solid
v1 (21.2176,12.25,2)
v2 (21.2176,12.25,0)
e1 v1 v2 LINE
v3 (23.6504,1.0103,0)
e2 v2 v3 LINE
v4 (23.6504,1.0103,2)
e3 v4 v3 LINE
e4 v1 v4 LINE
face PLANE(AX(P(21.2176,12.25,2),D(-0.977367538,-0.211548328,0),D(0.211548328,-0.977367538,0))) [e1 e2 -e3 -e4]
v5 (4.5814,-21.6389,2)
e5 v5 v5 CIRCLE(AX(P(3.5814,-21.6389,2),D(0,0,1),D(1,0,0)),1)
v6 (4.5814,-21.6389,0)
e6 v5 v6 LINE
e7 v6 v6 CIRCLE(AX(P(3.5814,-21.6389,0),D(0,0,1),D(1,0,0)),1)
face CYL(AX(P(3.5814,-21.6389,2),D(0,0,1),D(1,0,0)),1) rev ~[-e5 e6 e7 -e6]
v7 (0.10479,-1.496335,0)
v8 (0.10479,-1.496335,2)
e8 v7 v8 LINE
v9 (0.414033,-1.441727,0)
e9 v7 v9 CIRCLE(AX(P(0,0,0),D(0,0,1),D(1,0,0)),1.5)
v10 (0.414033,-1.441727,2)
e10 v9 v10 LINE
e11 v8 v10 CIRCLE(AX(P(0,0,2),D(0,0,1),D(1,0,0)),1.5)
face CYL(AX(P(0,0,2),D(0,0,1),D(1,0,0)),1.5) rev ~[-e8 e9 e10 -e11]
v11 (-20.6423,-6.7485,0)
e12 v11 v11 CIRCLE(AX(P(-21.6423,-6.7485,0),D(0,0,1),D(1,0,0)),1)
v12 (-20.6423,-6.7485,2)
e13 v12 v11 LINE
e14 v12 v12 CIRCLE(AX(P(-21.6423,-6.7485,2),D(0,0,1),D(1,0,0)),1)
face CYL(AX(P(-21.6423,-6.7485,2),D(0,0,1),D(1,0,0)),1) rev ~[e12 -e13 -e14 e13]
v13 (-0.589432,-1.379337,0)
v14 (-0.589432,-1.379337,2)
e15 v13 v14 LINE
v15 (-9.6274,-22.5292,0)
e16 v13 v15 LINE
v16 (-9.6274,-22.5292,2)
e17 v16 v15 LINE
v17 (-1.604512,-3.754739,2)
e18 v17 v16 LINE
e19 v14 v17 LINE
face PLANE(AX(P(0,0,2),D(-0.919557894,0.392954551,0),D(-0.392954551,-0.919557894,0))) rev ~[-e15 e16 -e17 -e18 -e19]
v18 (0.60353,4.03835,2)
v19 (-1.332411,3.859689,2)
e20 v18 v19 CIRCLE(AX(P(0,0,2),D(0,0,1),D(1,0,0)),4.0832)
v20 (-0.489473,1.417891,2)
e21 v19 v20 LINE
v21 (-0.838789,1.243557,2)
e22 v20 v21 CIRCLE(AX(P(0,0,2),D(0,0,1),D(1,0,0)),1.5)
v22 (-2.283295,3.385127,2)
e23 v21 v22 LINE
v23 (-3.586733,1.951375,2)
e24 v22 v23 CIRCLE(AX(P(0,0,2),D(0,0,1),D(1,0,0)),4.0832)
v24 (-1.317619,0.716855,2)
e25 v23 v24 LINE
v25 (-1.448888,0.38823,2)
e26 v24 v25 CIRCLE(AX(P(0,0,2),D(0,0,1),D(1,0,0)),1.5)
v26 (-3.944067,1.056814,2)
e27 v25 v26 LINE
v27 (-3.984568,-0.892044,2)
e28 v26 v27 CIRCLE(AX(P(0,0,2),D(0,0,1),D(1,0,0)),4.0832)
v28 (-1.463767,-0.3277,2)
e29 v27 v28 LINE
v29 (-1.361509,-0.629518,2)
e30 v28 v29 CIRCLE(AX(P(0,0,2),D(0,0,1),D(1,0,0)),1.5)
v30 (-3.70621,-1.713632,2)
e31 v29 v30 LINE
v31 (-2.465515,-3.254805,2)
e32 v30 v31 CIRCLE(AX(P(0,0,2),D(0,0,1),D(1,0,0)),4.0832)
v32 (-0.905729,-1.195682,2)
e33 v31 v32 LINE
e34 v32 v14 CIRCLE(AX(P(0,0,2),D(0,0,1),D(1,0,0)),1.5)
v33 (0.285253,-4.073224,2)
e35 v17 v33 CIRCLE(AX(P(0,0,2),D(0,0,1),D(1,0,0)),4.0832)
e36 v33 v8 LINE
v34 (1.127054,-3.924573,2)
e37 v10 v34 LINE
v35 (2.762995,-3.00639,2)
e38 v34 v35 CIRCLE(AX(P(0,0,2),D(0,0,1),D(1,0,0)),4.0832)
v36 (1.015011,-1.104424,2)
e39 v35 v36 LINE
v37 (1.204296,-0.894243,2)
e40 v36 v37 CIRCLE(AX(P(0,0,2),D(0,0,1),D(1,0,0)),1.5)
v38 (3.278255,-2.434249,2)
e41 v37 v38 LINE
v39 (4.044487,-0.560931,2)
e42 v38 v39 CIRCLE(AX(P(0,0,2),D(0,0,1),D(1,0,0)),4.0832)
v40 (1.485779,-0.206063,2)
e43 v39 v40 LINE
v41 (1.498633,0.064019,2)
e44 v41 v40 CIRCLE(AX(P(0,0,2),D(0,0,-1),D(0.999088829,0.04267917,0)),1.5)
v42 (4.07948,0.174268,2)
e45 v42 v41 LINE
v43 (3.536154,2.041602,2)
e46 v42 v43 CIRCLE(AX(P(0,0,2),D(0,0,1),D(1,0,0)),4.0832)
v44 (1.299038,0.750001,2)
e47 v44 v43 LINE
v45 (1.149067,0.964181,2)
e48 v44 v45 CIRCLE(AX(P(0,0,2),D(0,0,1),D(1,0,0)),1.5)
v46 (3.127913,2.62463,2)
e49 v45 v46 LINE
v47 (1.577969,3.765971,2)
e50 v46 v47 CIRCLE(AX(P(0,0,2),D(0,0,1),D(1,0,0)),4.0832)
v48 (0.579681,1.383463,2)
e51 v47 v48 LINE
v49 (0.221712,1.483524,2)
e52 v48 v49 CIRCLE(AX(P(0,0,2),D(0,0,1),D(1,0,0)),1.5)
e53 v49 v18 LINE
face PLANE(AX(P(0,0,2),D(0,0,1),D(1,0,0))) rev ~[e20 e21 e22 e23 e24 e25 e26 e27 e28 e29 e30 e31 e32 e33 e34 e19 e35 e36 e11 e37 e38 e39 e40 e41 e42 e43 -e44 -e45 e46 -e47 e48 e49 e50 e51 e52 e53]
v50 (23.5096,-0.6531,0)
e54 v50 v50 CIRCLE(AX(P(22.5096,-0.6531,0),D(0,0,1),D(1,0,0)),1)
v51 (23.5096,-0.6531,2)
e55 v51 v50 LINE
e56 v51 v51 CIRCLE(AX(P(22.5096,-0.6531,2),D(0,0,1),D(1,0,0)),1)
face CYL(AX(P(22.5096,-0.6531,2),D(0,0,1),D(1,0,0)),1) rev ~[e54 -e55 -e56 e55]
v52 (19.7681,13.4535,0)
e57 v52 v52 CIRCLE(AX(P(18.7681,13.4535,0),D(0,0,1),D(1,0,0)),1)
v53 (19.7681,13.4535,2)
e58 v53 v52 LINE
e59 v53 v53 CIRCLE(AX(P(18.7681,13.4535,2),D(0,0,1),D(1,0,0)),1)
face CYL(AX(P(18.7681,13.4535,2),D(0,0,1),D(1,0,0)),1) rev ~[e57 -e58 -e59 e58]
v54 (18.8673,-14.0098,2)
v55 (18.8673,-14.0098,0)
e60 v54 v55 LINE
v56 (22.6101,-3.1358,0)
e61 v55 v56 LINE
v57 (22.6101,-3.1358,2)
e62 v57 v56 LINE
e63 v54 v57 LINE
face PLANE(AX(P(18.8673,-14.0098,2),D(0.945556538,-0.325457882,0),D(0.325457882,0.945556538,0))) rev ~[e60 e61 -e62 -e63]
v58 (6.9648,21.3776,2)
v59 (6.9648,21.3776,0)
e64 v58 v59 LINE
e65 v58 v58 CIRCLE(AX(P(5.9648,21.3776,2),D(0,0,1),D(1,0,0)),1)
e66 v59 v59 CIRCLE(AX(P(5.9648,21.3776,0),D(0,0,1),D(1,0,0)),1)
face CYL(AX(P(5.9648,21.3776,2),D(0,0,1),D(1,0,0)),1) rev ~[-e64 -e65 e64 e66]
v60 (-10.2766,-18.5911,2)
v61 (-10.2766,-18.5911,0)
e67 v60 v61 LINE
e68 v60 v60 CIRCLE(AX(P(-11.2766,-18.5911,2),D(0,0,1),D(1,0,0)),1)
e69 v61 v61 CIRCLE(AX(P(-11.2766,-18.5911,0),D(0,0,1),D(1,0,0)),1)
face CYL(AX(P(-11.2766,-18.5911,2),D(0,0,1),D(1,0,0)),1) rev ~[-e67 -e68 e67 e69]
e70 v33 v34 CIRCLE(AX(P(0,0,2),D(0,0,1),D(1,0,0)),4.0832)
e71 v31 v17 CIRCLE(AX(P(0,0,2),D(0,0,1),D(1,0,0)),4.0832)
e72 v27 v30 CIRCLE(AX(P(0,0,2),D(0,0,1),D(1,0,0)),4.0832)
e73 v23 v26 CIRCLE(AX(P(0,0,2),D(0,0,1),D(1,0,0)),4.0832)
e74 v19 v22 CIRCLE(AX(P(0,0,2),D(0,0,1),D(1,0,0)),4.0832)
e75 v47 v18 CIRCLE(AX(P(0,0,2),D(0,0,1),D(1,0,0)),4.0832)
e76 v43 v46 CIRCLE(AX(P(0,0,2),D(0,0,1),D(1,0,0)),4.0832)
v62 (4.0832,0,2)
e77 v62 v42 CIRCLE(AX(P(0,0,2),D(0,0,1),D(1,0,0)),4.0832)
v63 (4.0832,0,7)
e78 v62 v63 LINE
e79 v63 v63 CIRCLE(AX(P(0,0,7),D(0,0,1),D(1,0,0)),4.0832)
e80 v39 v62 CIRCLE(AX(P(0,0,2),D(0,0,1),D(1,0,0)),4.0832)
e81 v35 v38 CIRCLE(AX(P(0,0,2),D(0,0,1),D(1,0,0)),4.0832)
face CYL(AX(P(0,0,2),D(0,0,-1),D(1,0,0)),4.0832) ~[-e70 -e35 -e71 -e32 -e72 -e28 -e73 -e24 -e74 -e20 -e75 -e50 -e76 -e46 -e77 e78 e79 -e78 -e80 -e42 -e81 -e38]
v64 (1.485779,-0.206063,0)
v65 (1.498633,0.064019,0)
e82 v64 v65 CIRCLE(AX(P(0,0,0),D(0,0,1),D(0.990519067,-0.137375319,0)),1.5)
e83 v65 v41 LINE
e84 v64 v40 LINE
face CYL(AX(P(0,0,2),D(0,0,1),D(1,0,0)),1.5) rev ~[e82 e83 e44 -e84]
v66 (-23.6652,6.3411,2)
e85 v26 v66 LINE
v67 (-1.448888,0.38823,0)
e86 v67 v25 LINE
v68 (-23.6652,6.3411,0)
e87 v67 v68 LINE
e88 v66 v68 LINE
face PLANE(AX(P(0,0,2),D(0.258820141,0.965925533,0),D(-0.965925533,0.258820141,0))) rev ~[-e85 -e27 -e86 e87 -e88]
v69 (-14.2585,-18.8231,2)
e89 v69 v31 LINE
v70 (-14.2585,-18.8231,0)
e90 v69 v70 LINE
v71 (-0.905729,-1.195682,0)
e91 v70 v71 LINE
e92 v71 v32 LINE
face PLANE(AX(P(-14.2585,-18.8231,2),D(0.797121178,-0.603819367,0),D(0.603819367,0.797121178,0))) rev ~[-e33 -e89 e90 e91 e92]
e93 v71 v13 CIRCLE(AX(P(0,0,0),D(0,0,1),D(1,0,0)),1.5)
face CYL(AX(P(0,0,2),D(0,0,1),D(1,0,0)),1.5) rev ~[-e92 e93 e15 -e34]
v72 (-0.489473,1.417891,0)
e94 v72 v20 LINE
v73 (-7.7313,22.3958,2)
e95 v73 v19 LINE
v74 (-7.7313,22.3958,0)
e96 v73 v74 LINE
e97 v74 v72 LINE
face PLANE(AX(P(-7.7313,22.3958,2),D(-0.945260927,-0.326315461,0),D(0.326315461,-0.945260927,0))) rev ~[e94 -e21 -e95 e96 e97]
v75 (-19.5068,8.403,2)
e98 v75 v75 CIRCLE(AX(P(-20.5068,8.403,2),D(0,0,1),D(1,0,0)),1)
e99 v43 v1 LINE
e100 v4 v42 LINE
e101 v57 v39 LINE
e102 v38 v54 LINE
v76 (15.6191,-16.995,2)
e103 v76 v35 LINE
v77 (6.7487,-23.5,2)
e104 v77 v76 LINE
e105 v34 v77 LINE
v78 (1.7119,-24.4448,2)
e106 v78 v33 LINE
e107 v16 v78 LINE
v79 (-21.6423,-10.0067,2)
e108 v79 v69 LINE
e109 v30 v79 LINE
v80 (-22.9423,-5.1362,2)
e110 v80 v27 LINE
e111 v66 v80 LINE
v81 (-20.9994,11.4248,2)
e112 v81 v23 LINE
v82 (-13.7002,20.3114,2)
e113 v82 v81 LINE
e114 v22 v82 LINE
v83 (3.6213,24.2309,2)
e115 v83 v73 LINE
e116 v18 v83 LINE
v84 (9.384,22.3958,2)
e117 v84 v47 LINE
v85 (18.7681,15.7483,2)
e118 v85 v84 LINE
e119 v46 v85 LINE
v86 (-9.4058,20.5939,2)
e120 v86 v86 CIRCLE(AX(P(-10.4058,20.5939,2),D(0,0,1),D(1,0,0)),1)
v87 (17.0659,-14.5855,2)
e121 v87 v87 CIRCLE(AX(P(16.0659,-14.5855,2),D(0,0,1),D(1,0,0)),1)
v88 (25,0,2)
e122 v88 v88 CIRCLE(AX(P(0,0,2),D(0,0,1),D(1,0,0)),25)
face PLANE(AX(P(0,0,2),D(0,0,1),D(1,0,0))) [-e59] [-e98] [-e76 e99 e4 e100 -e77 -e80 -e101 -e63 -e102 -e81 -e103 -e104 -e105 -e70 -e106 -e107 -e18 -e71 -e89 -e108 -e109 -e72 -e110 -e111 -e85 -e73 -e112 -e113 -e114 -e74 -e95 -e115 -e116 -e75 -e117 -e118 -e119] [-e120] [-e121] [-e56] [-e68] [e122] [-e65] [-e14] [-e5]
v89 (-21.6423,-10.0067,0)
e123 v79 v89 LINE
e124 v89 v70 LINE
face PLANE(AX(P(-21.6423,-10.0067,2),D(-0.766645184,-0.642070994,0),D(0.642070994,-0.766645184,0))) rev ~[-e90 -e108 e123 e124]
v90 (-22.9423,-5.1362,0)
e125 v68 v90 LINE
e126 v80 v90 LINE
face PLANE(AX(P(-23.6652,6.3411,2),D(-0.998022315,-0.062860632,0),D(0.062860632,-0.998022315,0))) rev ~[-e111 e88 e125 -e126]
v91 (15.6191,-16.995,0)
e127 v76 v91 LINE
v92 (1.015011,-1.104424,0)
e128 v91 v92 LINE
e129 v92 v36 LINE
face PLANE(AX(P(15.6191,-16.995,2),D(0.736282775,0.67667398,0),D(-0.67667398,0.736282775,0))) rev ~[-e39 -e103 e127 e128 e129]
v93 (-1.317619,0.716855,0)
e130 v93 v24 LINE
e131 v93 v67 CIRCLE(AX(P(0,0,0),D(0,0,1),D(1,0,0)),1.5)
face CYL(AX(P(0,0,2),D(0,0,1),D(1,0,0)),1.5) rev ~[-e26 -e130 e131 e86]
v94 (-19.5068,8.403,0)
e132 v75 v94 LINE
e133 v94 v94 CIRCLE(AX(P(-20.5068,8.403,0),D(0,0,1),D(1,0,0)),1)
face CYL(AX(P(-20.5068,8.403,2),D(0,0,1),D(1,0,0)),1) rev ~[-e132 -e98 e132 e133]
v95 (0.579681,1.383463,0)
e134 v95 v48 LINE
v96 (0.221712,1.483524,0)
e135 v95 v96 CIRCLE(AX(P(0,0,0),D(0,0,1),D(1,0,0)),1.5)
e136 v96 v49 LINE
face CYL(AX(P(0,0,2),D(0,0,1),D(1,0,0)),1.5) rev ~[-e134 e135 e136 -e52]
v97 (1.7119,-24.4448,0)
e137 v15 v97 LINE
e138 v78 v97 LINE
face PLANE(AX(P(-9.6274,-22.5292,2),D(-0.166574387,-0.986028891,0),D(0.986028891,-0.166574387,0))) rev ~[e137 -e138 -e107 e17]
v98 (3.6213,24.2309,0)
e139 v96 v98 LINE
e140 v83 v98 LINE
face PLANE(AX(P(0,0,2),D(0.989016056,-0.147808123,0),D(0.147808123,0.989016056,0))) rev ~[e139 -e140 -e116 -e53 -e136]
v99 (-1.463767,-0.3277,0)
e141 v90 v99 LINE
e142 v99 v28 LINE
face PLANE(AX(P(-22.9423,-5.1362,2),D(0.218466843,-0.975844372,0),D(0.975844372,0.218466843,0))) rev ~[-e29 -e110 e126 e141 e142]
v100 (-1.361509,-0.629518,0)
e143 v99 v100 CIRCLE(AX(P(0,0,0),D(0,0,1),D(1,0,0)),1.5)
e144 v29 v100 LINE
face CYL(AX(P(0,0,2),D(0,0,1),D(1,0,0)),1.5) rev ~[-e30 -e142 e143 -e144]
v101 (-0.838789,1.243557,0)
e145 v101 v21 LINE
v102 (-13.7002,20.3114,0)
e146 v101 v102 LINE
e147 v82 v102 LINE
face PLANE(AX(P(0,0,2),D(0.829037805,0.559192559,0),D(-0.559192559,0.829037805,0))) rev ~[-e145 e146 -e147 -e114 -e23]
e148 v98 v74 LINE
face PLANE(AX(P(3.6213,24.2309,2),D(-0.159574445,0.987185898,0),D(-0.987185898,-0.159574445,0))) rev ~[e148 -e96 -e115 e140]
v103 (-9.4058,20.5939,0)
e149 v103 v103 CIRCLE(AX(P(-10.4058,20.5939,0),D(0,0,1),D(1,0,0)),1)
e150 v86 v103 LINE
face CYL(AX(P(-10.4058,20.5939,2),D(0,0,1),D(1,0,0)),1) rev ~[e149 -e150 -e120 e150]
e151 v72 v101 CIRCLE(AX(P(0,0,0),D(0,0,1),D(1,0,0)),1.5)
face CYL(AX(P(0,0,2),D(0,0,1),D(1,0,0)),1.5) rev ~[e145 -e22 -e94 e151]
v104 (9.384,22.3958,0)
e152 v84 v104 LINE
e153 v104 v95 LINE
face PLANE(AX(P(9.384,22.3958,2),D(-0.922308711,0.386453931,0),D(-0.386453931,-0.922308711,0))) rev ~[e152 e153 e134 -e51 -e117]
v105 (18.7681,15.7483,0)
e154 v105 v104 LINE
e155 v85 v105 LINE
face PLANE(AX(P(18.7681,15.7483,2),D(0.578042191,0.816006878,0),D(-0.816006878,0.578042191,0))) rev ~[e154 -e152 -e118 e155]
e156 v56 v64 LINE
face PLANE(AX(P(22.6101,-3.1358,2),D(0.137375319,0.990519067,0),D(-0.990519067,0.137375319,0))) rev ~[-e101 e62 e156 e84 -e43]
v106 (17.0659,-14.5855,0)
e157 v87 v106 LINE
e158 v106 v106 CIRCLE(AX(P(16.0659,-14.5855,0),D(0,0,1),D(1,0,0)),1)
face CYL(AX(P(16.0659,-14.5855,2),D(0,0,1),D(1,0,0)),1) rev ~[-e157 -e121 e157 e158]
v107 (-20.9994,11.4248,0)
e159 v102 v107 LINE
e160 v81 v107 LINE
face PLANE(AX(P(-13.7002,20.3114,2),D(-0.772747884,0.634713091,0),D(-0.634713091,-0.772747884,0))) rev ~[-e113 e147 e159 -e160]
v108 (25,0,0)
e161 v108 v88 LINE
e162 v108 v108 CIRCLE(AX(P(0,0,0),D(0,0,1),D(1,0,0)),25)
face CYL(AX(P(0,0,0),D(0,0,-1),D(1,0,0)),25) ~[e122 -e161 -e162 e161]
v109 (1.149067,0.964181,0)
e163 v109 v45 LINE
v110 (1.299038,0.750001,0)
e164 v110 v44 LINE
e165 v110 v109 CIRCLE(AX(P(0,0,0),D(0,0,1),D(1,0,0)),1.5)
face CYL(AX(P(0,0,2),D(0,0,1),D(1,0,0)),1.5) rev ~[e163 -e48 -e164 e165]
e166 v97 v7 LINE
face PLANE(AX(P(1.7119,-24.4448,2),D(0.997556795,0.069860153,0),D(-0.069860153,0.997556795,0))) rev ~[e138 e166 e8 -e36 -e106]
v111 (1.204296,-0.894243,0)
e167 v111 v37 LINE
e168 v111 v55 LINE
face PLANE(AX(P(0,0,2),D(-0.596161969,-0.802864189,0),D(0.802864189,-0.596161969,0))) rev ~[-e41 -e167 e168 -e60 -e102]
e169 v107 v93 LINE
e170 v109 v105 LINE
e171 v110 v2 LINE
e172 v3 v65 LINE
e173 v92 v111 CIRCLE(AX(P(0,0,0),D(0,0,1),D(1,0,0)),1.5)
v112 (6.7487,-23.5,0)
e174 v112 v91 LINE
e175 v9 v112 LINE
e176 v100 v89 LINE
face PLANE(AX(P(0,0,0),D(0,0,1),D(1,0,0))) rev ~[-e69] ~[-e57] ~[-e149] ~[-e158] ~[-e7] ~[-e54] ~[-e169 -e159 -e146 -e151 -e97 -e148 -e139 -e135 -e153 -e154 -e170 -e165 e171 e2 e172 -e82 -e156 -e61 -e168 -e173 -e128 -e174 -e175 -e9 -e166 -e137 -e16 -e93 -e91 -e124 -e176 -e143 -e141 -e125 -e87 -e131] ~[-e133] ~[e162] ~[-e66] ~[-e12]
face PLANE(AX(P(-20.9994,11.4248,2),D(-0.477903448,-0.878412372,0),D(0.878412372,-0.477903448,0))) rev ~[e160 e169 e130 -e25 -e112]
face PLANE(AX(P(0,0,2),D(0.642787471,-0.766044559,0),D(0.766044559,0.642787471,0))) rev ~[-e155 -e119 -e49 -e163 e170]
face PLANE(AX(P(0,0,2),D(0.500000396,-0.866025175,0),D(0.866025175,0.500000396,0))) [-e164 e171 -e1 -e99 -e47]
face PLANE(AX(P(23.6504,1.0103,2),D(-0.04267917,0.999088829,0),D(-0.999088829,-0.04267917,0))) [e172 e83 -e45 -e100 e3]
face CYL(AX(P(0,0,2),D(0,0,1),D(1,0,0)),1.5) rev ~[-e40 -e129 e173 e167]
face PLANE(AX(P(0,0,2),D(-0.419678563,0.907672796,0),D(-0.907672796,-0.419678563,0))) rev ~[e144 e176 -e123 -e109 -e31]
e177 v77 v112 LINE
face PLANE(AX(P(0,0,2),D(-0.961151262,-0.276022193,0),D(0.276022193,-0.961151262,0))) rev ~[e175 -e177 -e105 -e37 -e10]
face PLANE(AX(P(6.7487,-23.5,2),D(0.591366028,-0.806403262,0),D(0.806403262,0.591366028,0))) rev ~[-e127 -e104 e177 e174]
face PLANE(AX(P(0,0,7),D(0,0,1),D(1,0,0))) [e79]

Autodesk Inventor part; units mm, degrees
ref_plane "YZ Plane" through (0, 0, 0) normal (1, 0, 0) x (0, 1, 0)
ref_plane "XZ Plane" through (0, 0, 0) normal (0, 1, 0) x (-1, 0, 0)
ref_plane "XY Plane" through (0, 0, 0) normal (0, 0, 1) x (1, 0, 0)
sketch "Sketch1" plane through (0, 0, 0) normal (0, 0, 1) x (1, 0, 0)
  circle A0 centre (0, 0) radius 25
  dimension "d0" = 50
extrude "Extrusion1" add sketch "Sketch1" along normal blind 2
sketch "Sketch2" plane through (0, 0, 2) normal (0, 0, 1) x (1, 0, 0)
  line L0 (0, 0) -> (21.2176, 12.25)
  line L1 (0, 0) -> (24.5, 0) construction
  line L2 (21.2176, 12.25) -> (23.6504, 1.0103)
  circle A0 centre (0, 0) radius 25 projected
  line L3 (23.6504, 1.0103) -> (0, 0)
  dimension "d3" = 24.5
  dimension "d4" = 30
  dimension "d5" = 11.5
extrude "Extrusion2" cut sketch "Sketch2" against normal blind 2 contours L0 L2 L3
sketch "Sketch3" plane through (0, 0, 2) normal (0, 0, 1) x (1, 0, 0)
  point P0 (0, 0)
sketch "Sketch4" plane through (0, 0, 2) normal (0, 0, 1) x (1, 0, 0)
  line L0 (0, 0) -> (23.6504, 1.0103) projected
  line L1 (0, 0) -> (18.7681, 15.7483)
  line L2 (0, 0) -> (24.5, 0) construction
  line L3 (18.7681, 15.7483) -> (9.384, 22.3958)
  line L4 (9.384, 22.3958) -> (0, 0)
  dimension "d8" = 24.5
  dimension "d9" = 40
  dimension "d10" = 11.5
extrude "Extrusion3" cut sketch "Sketch4" against normal blind 2
sketch "Sketch5" plane through (0, 0, 2) normal (0, 0, 1) x (1, 0, 0)
  line L0 (23.6504, 1.0103) -> (0, 0) projected
  line L1 (0, 0) -> (3.6213, 24.2309)
  line L2 (0, 0) -> (24.5, 0) construction
  line L3 (3.6213, 24.2309) -> (-7.7313, 22.3958)
  line L4 (9.384, 22.3958) -> (0, 0) projected
  line L5 (-7.7313, 22.3958) -> (0, 0)
  dimension "d13" = 24.5
  dimension "d14" = 81.5
  dimension "d15" = 11.5
extrude "Extrusion4" cut sketch "Sketch5" against normal blind 2
sketch "Sketch6" plane through (0, 0, 2) normal (0, 0, 1) x (1, 0, 0)
  line L0 (0, 0) -> (-13.7002, 20.3114)
  line L1 (0, 0) -> (24.5, 0) construction
  line L2 (-13.7002, 20.3114) -> (-20.9994, 11.4248)
  circle A0 centre (0, 0) radius 25 projected
  line L3 (-20.9994, 11.4248) -> (0, 0)
  dimension "d18" = 24.5
  dimension "d19" = 124
  dimension "d20" = 11.5
extrude "Extrusion5" cut sketch "Sketch6" against normal blind 2 contours L3 L2 L0
sketch "Sketch7" plane through (0, 0, 2) normal (0, 0, 1) x (1, 0, 0)
  line L0 (23.6504, 1.0103) -> (0, 0) projected
  line L1 (0, 0) -> (-23.6652, 6.3411)
  line L2 (0, 0) -> (24.5, 0) construction
  line L3 (-23.6652, 6.3411) -> (-22.9423, -5.1362)
  circle A0 centre (0, 0) radius 25 projected
  line L4 (-22.9423, -5.1362) -> (0, 0)
  dimension "d23" = 24.5
  dimension "d24" = 165
  dimension "d25" = 11.5
extrude "Extrusion6" cut sketch "Sketch7" against normal blind 2 contours L4 L3 L1
sketch "Sketch8" plane through (0, 0, 2) normal (0, 0, 1) x (1, 0, 0)
  line L0 (0, 0) -> (-21.6423, -10.0067)
  line L1 (-21.6423, -10.0067) -> (-14.2585, -18.8231)
  line L2 (-14.2585, -18.8231) -> (0, 0)
  dimension "d28" = 11.5
extrude "Extrusion7" cut sketch "Sketch8" against normal blind 2
sketch "Sketch9" plane through (0, 0, 2) normal (0, 0, 1) x (1, 0, 0)
  line L0 (0, 0) -> (-21.6423, -10.0067) projected
  line L1 (0, 0) -> (-9.6274, -22.5292)
  line L2 (-9.6274, -22.5292) -> (1.7119, -24.4448)
  line L3 (1.7119, -24.4448) -> (0, 0)
  dimension "d31" = 24.5
  dimension "d32" = 11.5
extrude "Extrusion8" cut sketch "Sketch9" against normal blind 2
sketch "Sketch10" plane through (0, 0, 2) normal (0, 0, 1) x (1, 0, 0)
  line L0 (0, 0) -> (6.7487, -23.5)
  line L1 (6.7487, -23.5) -> (15.6191, -16.995)
  line L2 (15.6191, -16.995) -> (0, 0)
  dimension "d35" = 11
  dimension "d36" = 23.5
extrude "Extrusion9" cut sketch "Sketch10" against normal blind 2
sketch "Sketch11" plane through (0, 0, 2) normal (0, 0, 1) x (1, 0, 0)
  line L0 (0, 0) -> (-22.9423, -5.1362) projected
  line L1 (0, 0) -> (18.8673, -14.0098)
  line L2 (18.8673, -14.0098) -> (22.6101, -3.1358)
  line L3 (0, 0) -> (23.6504, 1.0103) projected
  line L4 (22.6101, -3.1358) -> (0, 0)
  dimension "d39" = 23.5
  dimension "d40" = 11.5
extrude "Extrusion10" cut sketch "Sketch11" against normal blind 2
sketch "Sketch12" plane through (0, 0, 2) normal (0, 0, 1) x (1, 0, 0)
  line L0 (-21.6423, -10.0067) -> (0, 0) projected
  circle A0 centre (0, 0) radius 1.5
  dimension "d43" = 3
extrude "Extrusion11" cut sketch "Sketch12" against normal blind 2
sketch "Sketch13" plane through (0, 0, 2) normal (0, 0, 1) x (1, 0, 0)
  circle A0 centre (-10.4058, 20.5939) radius 1
  point P0 (0, 0)
  dimension "d46" = 2
extrude "Extrusion12" cut sketch "Sketch13" against normal blind 2
sketch "Sketch14" plane through (0, 0, 2) normal (0, 0, 1) x (1, 0, 0)
  circle A0 centre (5.9648, 21.3776) radius 1
  point P0 (0, 0)
  dimension "d49" = 2
extrude "Extrusion13" cut sketch "Sketch14" against normal blind 2
sketch "Sketch15" plane through (0, 0, 2) normal (0, 0, 1) x (1, 0, 0)
  circle A0 centre (18.7681, 13.4535) radius 1
  point P0 (0, 0)
  dimension "d52" = 2
extrude "Extrusion14" cut sketch "Sketch15" against normal blind 2
sketch "Sketch16" plane through (0, 0, 2) normal (0, 0, 1) x (1, 0, 0)
  circle A0 centre (22.5096, -0.6531) radius 1
  point P0 (0, 0)
  dimension "d55" = 2
extrude "Extrusion15" cut sketch "Sketch16" against normal blind 2
sketch "Sketch17" plane through (0, 0, 2) normal (0, 0, 1) x (1, 0, 0)
  circle A0 centre (16.0659, -14.5855) radius 1
  point P0 (0, 0)
  dimension "d58" = 2
extrude "Extrusion16" cut sketch "Sketch17" against normal blind 2
sketch "Sketch18" plane through (0, 0, 2) normal (0, 0, 1) x (1, 0, 0)
  circle A0 centre (3.5814, -21.6389) radius 1
  point P0 (0, 0)
  dimension "d61" = 2
extrude "Extrusion17" cut sketch "Sketch18" against normal blind 2
sketch "Sketch19" plane through (0, 0, 2) normal (0, 0, 1) x (1, 0, 0)
  circle A0 centre (-11.2766, -18.5911) radius 1
  point P0 (0, 0)
  dimension "d64" = 2
extrude "Extrusion18" cut sketch "Sketch19" against normal blind 2
sketch "Sketch20" plane through (0, 0, 2) normal (0, 0, 1) x (1, 0, 0)
  circle A0 centre (-21.6423, -6.7485) radius 1
  point P0 (0, 0)
  dimension "d67" = 2
extrude "Extrusion19" cut sketch "Sketch20" against normal blind 2
sketch "Sketch21" plane through (0, 0, 2) normal (0, 0, 1) x (1, 0, 0)
  circle A0 centre (-20.5068, 8.403) radius 1
  point P0 (0, 0)
  dimension "d70" = 2
extrude "Extrusion20" cut sketch "Sketch21" against normal blind 2
sketch "Sketch22" plane through (0, 0, 2) normal (0, 0, 1) x (1, 0, 0)
  circle A0 centre (0, 0) radius 4.0832
extrude "Extrusion21" add sketch "Sketch22" along normal blind 5
properties part number "F 3"
